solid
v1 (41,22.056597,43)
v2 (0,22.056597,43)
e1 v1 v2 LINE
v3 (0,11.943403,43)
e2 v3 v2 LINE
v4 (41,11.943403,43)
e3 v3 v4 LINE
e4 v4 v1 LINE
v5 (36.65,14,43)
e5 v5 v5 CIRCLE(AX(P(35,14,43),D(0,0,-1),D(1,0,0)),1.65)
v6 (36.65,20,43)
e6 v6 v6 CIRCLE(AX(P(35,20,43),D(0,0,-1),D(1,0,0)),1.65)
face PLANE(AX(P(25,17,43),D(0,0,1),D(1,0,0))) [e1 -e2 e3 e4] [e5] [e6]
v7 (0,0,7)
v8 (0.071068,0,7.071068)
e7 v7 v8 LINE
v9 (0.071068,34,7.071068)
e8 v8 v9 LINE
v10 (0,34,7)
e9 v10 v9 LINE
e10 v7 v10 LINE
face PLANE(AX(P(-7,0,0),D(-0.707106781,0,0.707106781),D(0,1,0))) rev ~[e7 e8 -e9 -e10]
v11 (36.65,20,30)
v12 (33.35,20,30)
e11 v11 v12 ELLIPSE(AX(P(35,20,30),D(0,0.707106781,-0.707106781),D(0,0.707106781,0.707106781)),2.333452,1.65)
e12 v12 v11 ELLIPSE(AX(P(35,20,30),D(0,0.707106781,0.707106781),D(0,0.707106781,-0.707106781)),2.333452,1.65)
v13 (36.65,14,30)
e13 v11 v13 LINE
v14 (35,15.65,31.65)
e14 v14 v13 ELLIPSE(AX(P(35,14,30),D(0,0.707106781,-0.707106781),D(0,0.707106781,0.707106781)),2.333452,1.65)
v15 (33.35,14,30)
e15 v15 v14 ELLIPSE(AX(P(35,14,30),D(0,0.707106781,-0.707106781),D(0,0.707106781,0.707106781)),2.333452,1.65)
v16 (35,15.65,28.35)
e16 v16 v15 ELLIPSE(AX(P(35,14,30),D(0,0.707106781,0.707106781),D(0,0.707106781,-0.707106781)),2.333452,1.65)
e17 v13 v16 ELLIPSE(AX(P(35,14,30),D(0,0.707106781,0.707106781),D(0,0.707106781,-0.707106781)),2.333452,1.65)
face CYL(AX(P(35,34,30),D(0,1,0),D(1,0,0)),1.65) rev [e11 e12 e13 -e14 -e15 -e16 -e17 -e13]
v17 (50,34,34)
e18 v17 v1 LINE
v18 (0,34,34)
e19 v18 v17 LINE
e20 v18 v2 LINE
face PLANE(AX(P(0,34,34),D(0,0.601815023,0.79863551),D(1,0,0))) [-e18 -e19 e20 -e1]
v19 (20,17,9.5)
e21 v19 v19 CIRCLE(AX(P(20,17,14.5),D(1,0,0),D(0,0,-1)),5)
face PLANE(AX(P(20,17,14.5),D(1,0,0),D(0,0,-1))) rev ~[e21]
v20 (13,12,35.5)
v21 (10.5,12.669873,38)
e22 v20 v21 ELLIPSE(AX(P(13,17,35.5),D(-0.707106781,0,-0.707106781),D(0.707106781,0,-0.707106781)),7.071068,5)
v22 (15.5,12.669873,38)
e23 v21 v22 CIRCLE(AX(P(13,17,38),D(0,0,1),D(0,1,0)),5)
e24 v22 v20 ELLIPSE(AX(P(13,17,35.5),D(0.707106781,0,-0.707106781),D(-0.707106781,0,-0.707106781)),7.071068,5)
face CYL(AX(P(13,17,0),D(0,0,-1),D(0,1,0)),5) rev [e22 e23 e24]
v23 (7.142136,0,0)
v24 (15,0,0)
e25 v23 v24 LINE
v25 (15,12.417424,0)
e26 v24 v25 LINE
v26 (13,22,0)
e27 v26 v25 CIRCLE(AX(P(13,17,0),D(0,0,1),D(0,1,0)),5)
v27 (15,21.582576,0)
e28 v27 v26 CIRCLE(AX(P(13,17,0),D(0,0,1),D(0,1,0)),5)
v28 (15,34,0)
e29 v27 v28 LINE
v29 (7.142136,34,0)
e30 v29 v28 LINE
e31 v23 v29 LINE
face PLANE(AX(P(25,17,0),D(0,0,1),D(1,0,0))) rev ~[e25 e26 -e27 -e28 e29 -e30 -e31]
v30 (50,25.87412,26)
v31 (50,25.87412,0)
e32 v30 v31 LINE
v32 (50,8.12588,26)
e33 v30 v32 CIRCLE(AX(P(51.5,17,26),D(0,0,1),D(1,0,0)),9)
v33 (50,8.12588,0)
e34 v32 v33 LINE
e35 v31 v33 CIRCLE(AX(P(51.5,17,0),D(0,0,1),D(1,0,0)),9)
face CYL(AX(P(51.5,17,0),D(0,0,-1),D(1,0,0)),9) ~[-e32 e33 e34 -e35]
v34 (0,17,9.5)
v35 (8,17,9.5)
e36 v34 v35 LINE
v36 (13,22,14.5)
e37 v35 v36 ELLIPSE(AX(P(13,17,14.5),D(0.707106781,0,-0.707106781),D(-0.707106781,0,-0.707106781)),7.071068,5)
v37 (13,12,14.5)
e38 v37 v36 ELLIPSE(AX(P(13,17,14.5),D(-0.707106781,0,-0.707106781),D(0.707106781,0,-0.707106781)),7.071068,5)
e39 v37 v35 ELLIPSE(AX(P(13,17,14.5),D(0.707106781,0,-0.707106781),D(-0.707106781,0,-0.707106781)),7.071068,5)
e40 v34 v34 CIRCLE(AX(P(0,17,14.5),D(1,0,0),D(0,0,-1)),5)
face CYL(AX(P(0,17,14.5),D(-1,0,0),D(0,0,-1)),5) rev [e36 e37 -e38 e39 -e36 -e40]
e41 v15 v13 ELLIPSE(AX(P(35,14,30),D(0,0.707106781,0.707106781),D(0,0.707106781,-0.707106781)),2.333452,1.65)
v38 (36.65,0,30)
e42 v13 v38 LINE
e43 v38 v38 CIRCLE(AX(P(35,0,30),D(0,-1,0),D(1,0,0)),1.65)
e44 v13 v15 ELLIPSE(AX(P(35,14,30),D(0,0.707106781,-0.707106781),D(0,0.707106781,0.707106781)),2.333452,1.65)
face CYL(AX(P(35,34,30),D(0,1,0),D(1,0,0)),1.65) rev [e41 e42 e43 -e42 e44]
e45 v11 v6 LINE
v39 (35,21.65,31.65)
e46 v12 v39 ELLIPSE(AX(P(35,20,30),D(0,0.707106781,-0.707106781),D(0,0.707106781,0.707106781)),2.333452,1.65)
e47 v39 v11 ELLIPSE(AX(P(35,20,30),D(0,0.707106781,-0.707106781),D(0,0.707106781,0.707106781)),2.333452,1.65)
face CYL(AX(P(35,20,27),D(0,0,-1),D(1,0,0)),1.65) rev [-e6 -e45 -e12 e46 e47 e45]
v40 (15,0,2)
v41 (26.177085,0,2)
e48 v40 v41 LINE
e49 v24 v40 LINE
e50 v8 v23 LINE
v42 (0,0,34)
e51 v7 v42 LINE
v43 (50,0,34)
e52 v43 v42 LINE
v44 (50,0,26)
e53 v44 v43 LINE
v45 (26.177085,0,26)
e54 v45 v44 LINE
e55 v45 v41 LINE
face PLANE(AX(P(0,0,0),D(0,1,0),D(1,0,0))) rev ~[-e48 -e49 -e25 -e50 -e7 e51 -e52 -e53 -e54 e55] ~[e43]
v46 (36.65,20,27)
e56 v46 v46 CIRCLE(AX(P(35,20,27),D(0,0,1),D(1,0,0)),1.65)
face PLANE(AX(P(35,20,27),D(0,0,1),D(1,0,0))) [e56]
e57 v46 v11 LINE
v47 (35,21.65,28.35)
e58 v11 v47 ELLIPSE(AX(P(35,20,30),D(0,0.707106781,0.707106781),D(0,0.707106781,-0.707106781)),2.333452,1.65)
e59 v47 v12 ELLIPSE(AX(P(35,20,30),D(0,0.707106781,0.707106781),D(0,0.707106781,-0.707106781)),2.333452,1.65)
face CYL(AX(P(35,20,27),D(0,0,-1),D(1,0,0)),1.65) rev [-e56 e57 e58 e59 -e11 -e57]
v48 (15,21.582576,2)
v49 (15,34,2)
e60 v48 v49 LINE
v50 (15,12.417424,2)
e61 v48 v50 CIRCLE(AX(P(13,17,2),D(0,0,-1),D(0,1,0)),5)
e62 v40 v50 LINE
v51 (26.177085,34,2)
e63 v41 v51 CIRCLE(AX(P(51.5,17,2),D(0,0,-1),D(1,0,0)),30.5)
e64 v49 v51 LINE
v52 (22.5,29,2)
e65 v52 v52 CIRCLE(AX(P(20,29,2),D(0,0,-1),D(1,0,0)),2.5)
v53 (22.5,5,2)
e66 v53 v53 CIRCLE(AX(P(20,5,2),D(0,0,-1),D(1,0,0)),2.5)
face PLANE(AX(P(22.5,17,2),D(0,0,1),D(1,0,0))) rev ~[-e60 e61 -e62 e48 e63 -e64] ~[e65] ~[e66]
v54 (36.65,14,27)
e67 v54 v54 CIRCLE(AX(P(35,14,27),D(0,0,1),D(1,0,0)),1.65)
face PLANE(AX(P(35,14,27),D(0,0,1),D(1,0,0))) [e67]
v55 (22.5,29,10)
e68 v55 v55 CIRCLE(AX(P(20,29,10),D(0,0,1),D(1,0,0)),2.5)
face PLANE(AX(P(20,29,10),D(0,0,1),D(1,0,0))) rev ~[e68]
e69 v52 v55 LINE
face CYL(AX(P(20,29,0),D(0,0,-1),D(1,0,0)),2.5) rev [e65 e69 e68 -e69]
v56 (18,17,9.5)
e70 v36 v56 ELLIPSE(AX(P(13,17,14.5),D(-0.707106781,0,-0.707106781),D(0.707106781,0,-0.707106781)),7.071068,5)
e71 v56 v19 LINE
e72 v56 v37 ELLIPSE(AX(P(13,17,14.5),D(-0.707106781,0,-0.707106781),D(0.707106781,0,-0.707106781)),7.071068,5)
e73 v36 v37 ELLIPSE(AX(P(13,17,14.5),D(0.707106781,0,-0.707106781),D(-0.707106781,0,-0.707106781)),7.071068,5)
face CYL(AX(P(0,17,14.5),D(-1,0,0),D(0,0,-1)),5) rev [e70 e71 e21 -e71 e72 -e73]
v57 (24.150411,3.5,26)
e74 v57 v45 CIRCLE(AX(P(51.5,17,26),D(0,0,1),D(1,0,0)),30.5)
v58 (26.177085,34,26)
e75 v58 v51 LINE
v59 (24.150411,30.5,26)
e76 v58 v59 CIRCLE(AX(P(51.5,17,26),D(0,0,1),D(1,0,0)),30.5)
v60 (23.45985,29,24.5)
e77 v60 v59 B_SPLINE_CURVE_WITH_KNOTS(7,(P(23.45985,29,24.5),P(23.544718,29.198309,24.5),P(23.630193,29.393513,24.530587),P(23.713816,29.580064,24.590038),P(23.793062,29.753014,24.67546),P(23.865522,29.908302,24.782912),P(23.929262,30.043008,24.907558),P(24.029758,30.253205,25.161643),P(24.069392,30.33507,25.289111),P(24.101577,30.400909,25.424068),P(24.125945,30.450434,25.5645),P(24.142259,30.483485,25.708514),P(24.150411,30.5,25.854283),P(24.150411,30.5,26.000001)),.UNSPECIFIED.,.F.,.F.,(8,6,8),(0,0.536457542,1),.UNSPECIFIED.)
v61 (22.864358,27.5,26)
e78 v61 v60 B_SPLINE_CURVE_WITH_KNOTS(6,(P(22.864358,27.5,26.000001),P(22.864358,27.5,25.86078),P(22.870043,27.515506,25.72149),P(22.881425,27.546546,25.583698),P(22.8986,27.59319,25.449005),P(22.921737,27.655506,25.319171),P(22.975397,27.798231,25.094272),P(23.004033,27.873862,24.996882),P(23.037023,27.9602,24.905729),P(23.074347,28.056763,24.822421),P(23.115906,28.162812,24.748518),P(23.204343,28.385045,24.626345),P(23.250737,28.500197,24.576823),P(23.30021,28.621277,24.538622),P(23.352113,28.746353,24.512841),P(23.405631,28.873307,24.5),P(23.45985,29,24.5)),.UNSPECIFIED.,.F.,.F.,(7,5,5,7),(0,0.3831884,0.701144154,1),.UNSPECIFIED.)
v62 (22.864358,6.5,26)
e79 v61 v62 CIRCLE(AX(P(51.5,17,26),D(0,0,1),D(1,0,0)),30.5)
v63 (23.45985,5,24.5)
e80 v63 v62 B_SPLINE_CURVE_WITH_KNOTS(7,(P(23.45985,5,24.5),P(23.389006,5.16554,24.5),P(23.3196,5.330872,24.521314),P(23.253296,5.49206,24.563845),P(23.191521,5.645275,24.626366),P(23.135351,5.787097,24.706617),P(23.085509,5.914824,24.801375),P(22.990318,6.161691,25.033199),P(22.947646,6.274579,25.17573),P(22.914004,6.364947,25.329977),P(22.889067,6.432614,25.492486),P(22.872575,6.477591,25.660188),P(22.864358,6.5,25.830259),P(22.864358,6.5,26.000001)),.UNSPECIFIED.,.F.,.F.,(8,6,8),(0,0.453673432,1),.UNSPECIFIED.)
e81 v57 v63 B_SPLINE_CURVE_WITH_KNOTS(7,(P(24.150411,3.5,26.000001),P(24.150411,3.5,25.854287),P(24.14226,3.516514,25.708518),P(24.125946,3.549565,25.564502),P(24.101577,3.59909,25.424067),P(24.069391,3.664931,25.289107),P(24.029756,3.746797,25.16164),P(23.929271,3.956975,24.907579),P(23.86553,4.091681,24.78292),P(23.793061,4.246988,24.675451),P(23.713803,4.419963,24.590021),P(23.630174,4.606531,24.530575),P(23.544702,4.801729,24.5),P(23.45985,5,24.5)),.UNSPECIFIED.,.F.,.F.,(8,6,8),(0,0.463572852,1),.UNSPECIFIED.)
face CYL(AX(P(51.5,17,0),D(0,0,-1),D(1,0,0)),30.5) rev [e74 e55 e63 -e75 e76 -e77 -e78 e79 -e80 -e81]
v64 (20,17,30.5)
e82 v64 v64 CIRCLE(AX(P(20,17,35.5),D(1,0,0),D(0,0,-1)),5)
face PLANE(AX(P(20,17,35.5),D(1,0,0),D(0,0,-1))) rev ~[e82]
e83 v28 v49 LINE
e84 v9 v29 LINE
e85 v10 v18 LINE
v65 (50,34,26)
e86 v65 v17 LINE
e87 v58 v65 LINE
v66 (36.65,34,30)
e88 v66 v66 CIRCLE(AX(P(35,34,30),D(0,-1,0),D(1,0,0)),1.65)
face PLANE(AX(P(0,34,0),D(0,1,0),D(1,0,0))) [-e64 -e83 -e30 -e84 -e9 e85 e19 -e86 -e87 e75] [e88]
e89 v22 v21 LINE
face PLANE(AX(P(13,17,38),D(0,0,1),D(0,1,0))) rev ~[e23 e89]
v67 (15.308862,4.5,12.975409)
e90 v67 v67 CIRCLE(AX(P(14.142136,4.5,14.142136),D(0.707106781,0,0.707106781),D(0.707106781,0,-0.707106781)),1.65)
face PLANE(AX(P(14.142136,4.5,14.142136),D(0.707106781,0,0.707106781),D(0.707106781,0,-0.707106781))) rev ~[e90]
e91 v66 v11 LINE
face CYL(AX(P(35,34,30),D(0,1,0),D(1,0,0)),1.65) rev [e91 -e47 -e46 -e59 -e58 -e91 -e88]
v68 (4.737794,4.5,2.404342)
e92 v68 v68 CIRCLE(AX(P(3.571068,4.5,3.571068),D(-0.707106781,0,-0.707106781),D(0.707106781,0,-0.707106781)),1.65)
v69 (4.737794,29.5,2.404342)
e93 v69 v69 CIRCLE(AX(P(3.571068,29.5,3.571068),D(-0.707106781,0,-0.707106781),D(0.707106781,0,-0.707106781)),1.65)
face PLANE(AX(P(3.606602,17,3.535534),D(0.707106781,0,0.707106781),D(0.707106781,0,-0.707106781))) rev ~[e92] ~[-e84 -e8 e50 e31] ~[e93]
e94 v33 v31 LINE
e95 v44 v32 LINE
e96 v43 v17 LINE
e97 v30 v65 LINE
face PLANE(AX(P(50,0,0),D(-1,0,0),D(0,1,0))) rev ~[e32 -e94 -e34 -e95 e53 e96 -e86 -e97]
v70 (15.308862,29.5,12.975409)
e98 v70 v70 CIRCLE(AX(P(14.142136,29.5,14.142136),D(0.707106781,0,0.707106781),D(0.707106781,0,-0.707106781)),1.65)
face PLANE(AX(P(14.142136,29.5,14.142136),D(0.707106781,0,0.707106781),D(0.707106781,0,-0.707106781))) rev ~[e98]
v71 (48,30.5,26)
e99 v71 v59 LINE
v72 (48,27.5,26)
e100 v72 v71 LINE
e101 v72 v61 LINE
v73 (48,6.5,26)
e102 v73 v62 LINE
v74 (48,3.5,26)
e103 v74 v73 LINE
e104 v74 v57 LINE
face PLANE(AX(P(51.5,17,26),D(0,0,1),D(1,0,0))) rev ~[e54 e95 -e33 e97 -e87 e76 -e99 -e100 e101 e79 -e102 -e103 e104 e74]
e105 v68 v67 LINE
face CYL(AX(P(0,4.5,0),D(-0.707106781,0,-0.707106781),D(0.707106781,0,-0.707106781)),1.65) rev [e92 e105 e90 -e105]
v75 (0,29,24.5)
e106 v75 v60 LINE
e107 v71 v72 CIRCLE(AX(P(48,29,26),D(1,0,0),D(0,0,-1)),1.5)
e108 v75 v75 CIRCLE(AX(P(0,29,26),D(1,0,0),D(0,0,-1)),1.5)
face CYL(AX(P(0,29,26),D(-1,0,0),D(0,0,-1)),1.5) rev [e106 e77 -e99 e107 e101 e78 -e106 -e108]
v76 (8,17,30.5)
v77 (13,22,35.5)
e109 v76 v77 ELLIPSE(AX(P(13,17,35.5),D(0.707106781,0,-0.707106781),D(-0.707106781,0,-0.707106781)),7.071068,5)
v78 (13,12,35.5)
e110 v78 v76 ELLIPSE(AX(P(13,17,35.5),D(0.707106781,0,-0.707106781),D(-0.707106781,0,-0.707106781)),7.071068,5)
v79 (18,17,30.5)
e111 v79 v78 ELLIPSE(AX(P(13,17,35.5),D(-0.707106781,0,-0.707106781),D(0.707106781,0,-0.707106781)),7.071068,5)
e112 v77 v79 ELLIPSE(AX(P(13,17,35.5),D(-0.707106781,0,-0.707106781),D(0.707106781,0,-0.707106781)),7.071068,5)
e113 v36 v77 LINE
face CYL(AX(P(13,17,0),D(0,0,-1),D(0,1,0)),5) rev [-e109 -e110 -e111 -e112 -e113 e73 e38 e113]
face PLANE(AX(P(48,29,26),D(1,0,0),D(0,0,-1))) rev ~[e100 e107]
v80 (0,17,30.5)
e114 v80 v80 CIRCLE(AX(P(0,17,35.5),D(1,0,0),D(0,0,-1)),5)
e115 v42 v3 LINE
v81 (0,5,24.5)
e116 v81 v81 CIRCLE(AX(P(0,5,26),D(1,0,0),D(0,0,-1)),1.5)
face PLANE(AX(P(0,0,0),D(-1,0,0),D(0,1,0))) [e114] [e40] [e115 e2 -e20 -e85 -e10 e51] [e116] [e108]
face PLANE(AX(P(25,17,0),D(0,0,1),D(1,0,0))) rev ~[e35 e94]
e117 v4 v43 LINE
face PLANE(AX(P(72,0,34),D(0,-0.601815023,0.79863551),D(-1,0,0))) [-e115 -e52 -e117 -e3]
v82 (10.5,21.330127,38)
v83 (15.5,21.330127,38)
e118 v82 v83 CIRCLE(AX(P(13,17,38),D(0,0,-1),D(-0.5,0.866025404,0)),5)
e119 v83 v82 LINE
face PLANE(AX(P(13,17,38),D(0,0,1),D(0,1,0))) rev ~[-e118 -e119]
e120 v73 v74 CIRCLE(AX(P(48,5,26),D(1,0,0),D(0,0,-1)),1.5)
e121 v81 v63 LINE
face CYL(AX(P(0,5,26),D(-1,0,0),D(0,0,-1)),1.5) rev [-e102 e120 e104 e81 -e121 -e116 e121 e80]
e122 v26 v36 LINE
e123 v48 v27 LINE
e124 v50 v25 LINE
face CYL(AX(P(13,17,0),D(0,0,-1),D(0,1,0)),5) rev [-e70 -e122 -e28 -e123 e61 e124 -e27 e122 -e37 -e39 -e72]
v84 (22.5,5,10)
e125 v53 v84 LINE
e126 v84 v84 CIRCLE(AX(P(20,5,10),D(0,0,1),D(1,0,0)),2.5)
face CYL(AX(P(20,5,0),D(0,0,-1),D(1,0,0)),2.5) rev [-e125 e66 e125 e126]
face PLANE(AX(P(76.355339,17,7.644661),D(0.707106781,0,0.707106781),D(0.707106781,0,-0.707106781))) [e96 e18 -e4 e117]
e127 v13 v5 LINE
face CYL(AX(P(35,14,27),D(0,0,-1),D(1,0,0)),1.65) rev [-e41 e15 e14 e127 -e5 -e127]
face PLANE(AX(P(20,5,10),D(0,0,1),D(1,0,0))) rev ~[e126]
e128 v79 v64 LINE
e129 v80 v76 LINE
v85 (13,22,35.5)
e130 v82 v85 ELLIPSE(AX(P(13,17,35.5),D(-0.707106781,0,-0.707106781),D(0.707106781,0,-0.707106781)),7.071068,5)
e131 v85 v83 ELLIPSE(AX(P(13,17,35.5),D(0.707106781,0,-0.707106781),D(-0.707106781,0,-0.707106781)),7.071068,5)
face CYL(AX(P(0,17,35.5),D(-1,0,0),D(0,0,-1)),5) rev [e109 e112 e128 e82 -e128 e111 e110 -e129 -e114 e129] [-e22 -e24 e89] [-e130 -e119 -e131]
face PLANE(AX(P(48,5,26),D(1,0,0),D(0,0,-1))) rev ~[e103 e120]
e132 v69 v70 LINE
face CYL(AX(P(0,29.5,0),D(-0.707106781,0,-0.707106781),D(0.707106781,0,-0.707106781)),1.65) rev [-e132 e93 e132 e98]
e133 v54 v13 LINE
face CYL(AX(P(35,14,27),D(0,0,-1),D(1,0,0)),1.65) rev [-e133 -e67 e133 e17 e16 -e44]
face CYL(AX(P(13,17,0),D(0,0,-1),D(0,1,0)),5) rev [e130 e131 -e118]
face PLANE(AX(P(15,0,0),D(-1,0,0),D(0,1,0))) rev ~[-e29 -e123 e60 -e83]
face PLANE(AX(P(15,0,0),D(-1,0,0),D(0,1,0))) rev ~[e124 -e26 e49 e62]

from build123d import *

# Parameters (mm, degrees)
CYLINDER023_R               = 1.5
CYLINDER023_DEPTH           = 48
CYLINDER022_R               = 1.5
CYLINDER022_DEPTH           = 48
CYLINDER021_R               = 1.65
CYLINDER021_DEPTH           = 20
CYLINDER021_PLACEMENT_ANGLE = 45
CYLINDER020_R               = 1.65
CYLINDER020_DEPTH           = 20
CYLINDER020_PLACEMENT_ANGLE = 45
BOX008_W                    = 10
BOX008_H                    = 34
BOX008_DEPTH                = 10
BOX008_PLACEMENT_ANGLE      = 45
CYLINDER018_R               = 5
CYLINDER018_DEPTH           = 20
CYLINDER019_R               = 5
CYLINDER019_DEPTH           = 20
CYLINDER017_R               = 5
CYLINDER017_DEPTH           = 38
BOX006_W                    = 15
BOX006_H                    = 34
BOX006_DEPTH                = 2
CYLINDER011_R               = 2.5
CYLINDER011_DEPTH           = 10
CYLINDER012_R               = 2.5
CYLINDER012_DEPTH           = 10
CYLINDER009_R               = 1.65
CYLINDER009_DEPTH           = 34
CYLINDER010_R               = 1.65
CYLINDER010_DEPTH           = 34
CYLINDER008_R               = 1.65
CYLINDER008_DEPTH           = 34
CYLINDER001_R               = 9
CYLINDER001_DEPTH           = 26
CYLINDER_R                  = 30.5
CYLINDER_DEPTH              = 26
BOX002_W                    = 72
BOX002_H                    = 20
BOX002_DEPTH                = 50
BOX002_PLACEMENT_ANGLE      = 53
BOX003_W                    = 72
BOX003_H                    = 20
BOX003_DEPTH                = 50
BOX003_PLACEMENT_ANGLE      = 53
COMPOUND_PLACEMENT_ANGLE    = 180
BOX001_W                    = 100
BOX001_H                    = 34
BOX001_DEPTH                = 50
BOX001_PLACEMENT_ANGLE      = 45
BOX_W                       = 50
BOX_H                       = 34
BOX_DEPTH                   = 43


with BuildPart() as cylinder023:
    # Cylinder023 → Cylinder023 (new body)
    with BuildSketch(Plane(origin=(0, 29, 26), x_dir=(0, 0, -1), z_dir=(1, 0, 0))):
        Circle(CYLINDER023_R)
    extrude(amount=CYLINDER023_DEPTH)


with BuildPart() as cabledrillhole:
    # Cylinder022 → Cylinder022 (new body)
    with BuildSketch(Plane(origin=(0, 5, 26), x_dir=(0, 0, -1), z_dir=(1, 0, 0))):
        Circle(CYLINDER022_R)
    extrude(amount=CYLINDER022_DEPTH)

    # Fusion008: union Cylinder023
    add(cylinder023.part)


with BuildPart() as cylinder021:
    # Cylinder021 → Cylinder021 (new body)
    with BuildSketch(Plane.XY):
        Circle(CYLINDER021_R)
    extrude(amount=CYLINDER021_DEPTH)


with BuildPart() as cylinder021_1:
    # Cylinder021 placement: moved
    add(cylinder021.part.moved(Location((0, 29.5, 0))).rotate(Axis((0, 29.5, 0), (0, 1, 0)), CYLINDER021_PLACEMENT_ANGLE))


with BuildPart() as m4screws:
    # Cylinder020 → Cylinder020 (new body)
    with BuildSketch(Plane.XY):
        Circle(CYLINDER020_R)
    extrude(amount=CYLINDER020_DEPTH)


with BuildPart() as m4screws_1:
    # Cylinder020 placement: moved
    add(m4screws.part.moved(Location((0, 4.5, 0))).rotate(Axis((0, 4.5, 0), (0, 1, 0)), CYLINDER020_PLACEMENT_ANGLE))

    # Fusion007: union Cylinder021
    add(cylinder021_1.part)


with BuildPart() as cube008:
    # Box008 → Box008 (new body)
    with BuildSketch(Plane.XY):
        with Locations((5, 17)):
            Rectangle(BOX008_W, BOX008_H)
    extrude(amount=BOX008_DEPTH)


with BuildPart() as cube008_1:
    # Box008 placement: moved
    add(cube008.part.moved(Location((-7, 0, 0))).rotate(Axis((-7, 0, 0), (0, 1, 0)), BOX008_PLACEMENT_ANGLE))


with BuildPart() as nitrogenchamber002:
    # Cylinder018 → Cylinder018 (new body)
    with BuildSketch(Plane(origin=(0, 17, 14.5), x_dir=(0, 0, -1), z_dir=(1, 0, 0))):
        Circle(CYLINDER018_R)
    extrude(amount=CYLINDER018_DEPTH)


with BuildPart() as nitrogenchamber003:
    # Cylinder019 → Cylinder019 (new body)
    with BuildSketch(Plane(origin=(0, 17, 35.5), x_dir=(0, 0, -1), z_dir=(1, 0, 0))):
        Circle(CYLINDER019_R)
    extrude(amount=CYLINDER019_DEPTH)


with BuildPart() as nitrogenchamber:
    # Cylinder017 → Cylinder017 (new body)
    with BuildSketch(Plane(origin=(13, 17, 0), x_dir=(0, 1, 0), z_dir=(0, 0, 1))):
        Circle(CYLINDER017_R)
    extrude(amount=CYLINDER017_DEPTH)

    # Fusion006: union NitrogenChamber002, NitrogenChamber003
    add(nitrogenchamber002.part)
    add(nitrogenchamber003.part)


with BuildPart() as cube006:
    # Box006 → Box006 (new body)
    with BuildSketch(Plane(origin=(15, 0, 0), x_dir=(1, 0, 0), z_dir=(0, 0, 1))):
        with Locations((7.5, 17)):
            Rectangle(BOX006_W, BOX006_H)
    extrude(amount=BOX006_DEPTH)


with BuildPart() as cylinder011:
    # Cylinder011 → Cylinder011 (new body)
    with BuildSketch(Plane(origin=(20, 5, 0), x_dir=(1, 0, 0), z_dir=(0, 0, 1))):
        Circle(CYLINDER011_R)
    extrude(amount=CYLINDER011_DEPTH)


with BuildPart() as boreholem6screws01:
    # Cylinder012 → Cylinder012 (new body)
    with BuildSketch(Plane(origin=(20, 29, 0), x_dir=(1, 0, 0), z_dir=(0, 0, 1))):
        Circle(CYLINDER012_R)
    extrude(amount=CYLINDER012_DEPTH)

    # Fusion002: union Cylinder011
    add(cylinder011.part)


with BuildPart() as cylinder009:
    # Cylinder009 → Cylinder009 (new body)
    with BuildSketch(Plane(origin=(35, 20, 27), x_dir=(1, 0, 0), z_dir=(0, 0, 1))):
        Circle(CYLINDER009_R)
    extrude(amount=CYLINDER009_DEPTH)


with BuildPart() as cylinder010:
    # Cylinder010 → Cylinder010 (new body)
    with BuildSketch(Plane(origin=(35, 14, 27), x_dir=(1, 0, 0), z_dir=(0, 0, 1))):
        Circle(CYLINDER010_R)
    extrude(amount=CYLINDER010_DEPTH)


with BuildPart() as m4mountscrews01_corehole:
    # Cylinder008 → Cylinder008 (new body)
    with BuildSketch(Plane(origin=(35, 34, 30), x_dir=(1, 0, 0), z_dir=(0, -1, 0))):
        Circle(CYLINDER008_R)
    extrude(amount=CYLINDER008_DEPTH)

    # Fusion001: union Cylinder009, Cylinder010
    add(cylinder009.part)
    add(cylinder010.part)


with BuildPart() as cylinder001:
    # Cylinder001 → Cylinder001 (new body)
    with BuildSketch(Plane.XY):
        Circle(CYLINDER001_R)
    extrude(amount=CYLINDER001_DEPTH)


with BuildPart() as cut001:
    # Cylinder → Cylinder (new body)
    with BuildSketch(Plane.XY):
        Circle(CYLINDER_R)
    extrude(amount=CYLINDER_DEPTH)

    # Cut001: cut Cylinder001
    add(cylinder001.part, mode=Mode.SUBTRACT)


with BuildPart() as cut001_1:
    # Cut001 placement: moved
    add(cut001.part.moved(Location((51.5, 17, 0))))


with BuildPart() as cube002:
    # Box002 → Box002 (new body)
    with BuildSketch(Plane.XY):
        with Locations((36, 10)):
            Rectangle(BOX002_W, BOX002_H)
    extrude(amount=BOX002_DEPTH)


with BuildPart() as cube002_1:
    # Box002 placement: moved
    add(cube002.part.moved(Location((0, 34, 34))).rotate(Axis((0, 34, 34), (1, 0, 0)), BOX002_PLACEMENT_ANGLE))


with BuildPart() as compound:
    # Box003 → Box003 (new body)
    with BuildSketch(Plane.XY):
        with Locations((36, 10)):
            Rectangle(BOX003_W, BOX003_H)
    extrude(amount=BOX003_DEPTH)


with BuildPart() as compound_1:
    # Box003 placement: moved
    add(compound.part.moved(Location((0, 34, 34))).rotate(Axis((0, 34, 34), (1, 0, 0)), BOX003_PLACEMENT_ANGLE))


with BuildPart() as compound_2:
    # Compound placement: moved
    add(compound_1.part.moved(Location((72, 34, 0))).rotate(Axis((72, 34, 0), (0, 0, 1)), COMPOUND_PLACEMENT_ANGLE))


with BuildPart() as fusion:
    # Box001 → Box001 (new body)
    with BuildSketch(Plane.XY):
        with Locations((50, 17)):
            Rectangle(BOX001_W, BOX001_H)
    extrude(amount=BOX001_DEPTH)


with BuildPart() as fusion_1:
    # Box001 placement: moved
    add(fusion.part.moved(Location((41, 0, 43))).rotate(Axis((41, 0, 43), (0, 1, 0)), BOX001_PLACEMENT_ANGLE))

    # Fusion: union Cube002, Compound
    add(cube002_1.part)
    add(compound_2.part)


with BuildPart() as cryostage:
    # Box → Box (new body)
    with BuildSketch(Plane.XY):
        with Locations((25, 17)):
            Rectangle(BOX_W, BOX_H)
    extrude(amount=BOX_DEPTH)

    # Cut: cut Fusion
    add(fusion_1.part, mode=Mode.SUBTRACT)

    # Cut003: cut Cut001
    add(cut001_1.part, mode=Mode.SUBTRACT)

    # Cut008: cut M4Mountscrews01_Corehole
    add(m4mountscrews01_corehole.part, mode=Mode.SUBTRACT)

    # Cut009: cut BoreholeM6Screws01
    add(boreholem6screws01.part, mode=Mode.SUBTRACT)

    # Cut011: cut Cube006
    add(cube006.part, mode=Mode.SUBTRACT)

    # Cut014: cut NitrogenChamber
    add(nitrogenchamber.part, mode=Mode.SUBTRACT)

    # Cut015: cut Cube008
    add(cube008_1.part, mode=Mode.SUBTRACT)

    # Cut016: cut M4Screws
    add(m4screws_1.part, mode=Mode.SUBTRACT)

    # Cut017: cut CableDrillHole
    add(cabledrillhole.part, mode=Mode.SUBTRACT)


solid = cryostage.part
